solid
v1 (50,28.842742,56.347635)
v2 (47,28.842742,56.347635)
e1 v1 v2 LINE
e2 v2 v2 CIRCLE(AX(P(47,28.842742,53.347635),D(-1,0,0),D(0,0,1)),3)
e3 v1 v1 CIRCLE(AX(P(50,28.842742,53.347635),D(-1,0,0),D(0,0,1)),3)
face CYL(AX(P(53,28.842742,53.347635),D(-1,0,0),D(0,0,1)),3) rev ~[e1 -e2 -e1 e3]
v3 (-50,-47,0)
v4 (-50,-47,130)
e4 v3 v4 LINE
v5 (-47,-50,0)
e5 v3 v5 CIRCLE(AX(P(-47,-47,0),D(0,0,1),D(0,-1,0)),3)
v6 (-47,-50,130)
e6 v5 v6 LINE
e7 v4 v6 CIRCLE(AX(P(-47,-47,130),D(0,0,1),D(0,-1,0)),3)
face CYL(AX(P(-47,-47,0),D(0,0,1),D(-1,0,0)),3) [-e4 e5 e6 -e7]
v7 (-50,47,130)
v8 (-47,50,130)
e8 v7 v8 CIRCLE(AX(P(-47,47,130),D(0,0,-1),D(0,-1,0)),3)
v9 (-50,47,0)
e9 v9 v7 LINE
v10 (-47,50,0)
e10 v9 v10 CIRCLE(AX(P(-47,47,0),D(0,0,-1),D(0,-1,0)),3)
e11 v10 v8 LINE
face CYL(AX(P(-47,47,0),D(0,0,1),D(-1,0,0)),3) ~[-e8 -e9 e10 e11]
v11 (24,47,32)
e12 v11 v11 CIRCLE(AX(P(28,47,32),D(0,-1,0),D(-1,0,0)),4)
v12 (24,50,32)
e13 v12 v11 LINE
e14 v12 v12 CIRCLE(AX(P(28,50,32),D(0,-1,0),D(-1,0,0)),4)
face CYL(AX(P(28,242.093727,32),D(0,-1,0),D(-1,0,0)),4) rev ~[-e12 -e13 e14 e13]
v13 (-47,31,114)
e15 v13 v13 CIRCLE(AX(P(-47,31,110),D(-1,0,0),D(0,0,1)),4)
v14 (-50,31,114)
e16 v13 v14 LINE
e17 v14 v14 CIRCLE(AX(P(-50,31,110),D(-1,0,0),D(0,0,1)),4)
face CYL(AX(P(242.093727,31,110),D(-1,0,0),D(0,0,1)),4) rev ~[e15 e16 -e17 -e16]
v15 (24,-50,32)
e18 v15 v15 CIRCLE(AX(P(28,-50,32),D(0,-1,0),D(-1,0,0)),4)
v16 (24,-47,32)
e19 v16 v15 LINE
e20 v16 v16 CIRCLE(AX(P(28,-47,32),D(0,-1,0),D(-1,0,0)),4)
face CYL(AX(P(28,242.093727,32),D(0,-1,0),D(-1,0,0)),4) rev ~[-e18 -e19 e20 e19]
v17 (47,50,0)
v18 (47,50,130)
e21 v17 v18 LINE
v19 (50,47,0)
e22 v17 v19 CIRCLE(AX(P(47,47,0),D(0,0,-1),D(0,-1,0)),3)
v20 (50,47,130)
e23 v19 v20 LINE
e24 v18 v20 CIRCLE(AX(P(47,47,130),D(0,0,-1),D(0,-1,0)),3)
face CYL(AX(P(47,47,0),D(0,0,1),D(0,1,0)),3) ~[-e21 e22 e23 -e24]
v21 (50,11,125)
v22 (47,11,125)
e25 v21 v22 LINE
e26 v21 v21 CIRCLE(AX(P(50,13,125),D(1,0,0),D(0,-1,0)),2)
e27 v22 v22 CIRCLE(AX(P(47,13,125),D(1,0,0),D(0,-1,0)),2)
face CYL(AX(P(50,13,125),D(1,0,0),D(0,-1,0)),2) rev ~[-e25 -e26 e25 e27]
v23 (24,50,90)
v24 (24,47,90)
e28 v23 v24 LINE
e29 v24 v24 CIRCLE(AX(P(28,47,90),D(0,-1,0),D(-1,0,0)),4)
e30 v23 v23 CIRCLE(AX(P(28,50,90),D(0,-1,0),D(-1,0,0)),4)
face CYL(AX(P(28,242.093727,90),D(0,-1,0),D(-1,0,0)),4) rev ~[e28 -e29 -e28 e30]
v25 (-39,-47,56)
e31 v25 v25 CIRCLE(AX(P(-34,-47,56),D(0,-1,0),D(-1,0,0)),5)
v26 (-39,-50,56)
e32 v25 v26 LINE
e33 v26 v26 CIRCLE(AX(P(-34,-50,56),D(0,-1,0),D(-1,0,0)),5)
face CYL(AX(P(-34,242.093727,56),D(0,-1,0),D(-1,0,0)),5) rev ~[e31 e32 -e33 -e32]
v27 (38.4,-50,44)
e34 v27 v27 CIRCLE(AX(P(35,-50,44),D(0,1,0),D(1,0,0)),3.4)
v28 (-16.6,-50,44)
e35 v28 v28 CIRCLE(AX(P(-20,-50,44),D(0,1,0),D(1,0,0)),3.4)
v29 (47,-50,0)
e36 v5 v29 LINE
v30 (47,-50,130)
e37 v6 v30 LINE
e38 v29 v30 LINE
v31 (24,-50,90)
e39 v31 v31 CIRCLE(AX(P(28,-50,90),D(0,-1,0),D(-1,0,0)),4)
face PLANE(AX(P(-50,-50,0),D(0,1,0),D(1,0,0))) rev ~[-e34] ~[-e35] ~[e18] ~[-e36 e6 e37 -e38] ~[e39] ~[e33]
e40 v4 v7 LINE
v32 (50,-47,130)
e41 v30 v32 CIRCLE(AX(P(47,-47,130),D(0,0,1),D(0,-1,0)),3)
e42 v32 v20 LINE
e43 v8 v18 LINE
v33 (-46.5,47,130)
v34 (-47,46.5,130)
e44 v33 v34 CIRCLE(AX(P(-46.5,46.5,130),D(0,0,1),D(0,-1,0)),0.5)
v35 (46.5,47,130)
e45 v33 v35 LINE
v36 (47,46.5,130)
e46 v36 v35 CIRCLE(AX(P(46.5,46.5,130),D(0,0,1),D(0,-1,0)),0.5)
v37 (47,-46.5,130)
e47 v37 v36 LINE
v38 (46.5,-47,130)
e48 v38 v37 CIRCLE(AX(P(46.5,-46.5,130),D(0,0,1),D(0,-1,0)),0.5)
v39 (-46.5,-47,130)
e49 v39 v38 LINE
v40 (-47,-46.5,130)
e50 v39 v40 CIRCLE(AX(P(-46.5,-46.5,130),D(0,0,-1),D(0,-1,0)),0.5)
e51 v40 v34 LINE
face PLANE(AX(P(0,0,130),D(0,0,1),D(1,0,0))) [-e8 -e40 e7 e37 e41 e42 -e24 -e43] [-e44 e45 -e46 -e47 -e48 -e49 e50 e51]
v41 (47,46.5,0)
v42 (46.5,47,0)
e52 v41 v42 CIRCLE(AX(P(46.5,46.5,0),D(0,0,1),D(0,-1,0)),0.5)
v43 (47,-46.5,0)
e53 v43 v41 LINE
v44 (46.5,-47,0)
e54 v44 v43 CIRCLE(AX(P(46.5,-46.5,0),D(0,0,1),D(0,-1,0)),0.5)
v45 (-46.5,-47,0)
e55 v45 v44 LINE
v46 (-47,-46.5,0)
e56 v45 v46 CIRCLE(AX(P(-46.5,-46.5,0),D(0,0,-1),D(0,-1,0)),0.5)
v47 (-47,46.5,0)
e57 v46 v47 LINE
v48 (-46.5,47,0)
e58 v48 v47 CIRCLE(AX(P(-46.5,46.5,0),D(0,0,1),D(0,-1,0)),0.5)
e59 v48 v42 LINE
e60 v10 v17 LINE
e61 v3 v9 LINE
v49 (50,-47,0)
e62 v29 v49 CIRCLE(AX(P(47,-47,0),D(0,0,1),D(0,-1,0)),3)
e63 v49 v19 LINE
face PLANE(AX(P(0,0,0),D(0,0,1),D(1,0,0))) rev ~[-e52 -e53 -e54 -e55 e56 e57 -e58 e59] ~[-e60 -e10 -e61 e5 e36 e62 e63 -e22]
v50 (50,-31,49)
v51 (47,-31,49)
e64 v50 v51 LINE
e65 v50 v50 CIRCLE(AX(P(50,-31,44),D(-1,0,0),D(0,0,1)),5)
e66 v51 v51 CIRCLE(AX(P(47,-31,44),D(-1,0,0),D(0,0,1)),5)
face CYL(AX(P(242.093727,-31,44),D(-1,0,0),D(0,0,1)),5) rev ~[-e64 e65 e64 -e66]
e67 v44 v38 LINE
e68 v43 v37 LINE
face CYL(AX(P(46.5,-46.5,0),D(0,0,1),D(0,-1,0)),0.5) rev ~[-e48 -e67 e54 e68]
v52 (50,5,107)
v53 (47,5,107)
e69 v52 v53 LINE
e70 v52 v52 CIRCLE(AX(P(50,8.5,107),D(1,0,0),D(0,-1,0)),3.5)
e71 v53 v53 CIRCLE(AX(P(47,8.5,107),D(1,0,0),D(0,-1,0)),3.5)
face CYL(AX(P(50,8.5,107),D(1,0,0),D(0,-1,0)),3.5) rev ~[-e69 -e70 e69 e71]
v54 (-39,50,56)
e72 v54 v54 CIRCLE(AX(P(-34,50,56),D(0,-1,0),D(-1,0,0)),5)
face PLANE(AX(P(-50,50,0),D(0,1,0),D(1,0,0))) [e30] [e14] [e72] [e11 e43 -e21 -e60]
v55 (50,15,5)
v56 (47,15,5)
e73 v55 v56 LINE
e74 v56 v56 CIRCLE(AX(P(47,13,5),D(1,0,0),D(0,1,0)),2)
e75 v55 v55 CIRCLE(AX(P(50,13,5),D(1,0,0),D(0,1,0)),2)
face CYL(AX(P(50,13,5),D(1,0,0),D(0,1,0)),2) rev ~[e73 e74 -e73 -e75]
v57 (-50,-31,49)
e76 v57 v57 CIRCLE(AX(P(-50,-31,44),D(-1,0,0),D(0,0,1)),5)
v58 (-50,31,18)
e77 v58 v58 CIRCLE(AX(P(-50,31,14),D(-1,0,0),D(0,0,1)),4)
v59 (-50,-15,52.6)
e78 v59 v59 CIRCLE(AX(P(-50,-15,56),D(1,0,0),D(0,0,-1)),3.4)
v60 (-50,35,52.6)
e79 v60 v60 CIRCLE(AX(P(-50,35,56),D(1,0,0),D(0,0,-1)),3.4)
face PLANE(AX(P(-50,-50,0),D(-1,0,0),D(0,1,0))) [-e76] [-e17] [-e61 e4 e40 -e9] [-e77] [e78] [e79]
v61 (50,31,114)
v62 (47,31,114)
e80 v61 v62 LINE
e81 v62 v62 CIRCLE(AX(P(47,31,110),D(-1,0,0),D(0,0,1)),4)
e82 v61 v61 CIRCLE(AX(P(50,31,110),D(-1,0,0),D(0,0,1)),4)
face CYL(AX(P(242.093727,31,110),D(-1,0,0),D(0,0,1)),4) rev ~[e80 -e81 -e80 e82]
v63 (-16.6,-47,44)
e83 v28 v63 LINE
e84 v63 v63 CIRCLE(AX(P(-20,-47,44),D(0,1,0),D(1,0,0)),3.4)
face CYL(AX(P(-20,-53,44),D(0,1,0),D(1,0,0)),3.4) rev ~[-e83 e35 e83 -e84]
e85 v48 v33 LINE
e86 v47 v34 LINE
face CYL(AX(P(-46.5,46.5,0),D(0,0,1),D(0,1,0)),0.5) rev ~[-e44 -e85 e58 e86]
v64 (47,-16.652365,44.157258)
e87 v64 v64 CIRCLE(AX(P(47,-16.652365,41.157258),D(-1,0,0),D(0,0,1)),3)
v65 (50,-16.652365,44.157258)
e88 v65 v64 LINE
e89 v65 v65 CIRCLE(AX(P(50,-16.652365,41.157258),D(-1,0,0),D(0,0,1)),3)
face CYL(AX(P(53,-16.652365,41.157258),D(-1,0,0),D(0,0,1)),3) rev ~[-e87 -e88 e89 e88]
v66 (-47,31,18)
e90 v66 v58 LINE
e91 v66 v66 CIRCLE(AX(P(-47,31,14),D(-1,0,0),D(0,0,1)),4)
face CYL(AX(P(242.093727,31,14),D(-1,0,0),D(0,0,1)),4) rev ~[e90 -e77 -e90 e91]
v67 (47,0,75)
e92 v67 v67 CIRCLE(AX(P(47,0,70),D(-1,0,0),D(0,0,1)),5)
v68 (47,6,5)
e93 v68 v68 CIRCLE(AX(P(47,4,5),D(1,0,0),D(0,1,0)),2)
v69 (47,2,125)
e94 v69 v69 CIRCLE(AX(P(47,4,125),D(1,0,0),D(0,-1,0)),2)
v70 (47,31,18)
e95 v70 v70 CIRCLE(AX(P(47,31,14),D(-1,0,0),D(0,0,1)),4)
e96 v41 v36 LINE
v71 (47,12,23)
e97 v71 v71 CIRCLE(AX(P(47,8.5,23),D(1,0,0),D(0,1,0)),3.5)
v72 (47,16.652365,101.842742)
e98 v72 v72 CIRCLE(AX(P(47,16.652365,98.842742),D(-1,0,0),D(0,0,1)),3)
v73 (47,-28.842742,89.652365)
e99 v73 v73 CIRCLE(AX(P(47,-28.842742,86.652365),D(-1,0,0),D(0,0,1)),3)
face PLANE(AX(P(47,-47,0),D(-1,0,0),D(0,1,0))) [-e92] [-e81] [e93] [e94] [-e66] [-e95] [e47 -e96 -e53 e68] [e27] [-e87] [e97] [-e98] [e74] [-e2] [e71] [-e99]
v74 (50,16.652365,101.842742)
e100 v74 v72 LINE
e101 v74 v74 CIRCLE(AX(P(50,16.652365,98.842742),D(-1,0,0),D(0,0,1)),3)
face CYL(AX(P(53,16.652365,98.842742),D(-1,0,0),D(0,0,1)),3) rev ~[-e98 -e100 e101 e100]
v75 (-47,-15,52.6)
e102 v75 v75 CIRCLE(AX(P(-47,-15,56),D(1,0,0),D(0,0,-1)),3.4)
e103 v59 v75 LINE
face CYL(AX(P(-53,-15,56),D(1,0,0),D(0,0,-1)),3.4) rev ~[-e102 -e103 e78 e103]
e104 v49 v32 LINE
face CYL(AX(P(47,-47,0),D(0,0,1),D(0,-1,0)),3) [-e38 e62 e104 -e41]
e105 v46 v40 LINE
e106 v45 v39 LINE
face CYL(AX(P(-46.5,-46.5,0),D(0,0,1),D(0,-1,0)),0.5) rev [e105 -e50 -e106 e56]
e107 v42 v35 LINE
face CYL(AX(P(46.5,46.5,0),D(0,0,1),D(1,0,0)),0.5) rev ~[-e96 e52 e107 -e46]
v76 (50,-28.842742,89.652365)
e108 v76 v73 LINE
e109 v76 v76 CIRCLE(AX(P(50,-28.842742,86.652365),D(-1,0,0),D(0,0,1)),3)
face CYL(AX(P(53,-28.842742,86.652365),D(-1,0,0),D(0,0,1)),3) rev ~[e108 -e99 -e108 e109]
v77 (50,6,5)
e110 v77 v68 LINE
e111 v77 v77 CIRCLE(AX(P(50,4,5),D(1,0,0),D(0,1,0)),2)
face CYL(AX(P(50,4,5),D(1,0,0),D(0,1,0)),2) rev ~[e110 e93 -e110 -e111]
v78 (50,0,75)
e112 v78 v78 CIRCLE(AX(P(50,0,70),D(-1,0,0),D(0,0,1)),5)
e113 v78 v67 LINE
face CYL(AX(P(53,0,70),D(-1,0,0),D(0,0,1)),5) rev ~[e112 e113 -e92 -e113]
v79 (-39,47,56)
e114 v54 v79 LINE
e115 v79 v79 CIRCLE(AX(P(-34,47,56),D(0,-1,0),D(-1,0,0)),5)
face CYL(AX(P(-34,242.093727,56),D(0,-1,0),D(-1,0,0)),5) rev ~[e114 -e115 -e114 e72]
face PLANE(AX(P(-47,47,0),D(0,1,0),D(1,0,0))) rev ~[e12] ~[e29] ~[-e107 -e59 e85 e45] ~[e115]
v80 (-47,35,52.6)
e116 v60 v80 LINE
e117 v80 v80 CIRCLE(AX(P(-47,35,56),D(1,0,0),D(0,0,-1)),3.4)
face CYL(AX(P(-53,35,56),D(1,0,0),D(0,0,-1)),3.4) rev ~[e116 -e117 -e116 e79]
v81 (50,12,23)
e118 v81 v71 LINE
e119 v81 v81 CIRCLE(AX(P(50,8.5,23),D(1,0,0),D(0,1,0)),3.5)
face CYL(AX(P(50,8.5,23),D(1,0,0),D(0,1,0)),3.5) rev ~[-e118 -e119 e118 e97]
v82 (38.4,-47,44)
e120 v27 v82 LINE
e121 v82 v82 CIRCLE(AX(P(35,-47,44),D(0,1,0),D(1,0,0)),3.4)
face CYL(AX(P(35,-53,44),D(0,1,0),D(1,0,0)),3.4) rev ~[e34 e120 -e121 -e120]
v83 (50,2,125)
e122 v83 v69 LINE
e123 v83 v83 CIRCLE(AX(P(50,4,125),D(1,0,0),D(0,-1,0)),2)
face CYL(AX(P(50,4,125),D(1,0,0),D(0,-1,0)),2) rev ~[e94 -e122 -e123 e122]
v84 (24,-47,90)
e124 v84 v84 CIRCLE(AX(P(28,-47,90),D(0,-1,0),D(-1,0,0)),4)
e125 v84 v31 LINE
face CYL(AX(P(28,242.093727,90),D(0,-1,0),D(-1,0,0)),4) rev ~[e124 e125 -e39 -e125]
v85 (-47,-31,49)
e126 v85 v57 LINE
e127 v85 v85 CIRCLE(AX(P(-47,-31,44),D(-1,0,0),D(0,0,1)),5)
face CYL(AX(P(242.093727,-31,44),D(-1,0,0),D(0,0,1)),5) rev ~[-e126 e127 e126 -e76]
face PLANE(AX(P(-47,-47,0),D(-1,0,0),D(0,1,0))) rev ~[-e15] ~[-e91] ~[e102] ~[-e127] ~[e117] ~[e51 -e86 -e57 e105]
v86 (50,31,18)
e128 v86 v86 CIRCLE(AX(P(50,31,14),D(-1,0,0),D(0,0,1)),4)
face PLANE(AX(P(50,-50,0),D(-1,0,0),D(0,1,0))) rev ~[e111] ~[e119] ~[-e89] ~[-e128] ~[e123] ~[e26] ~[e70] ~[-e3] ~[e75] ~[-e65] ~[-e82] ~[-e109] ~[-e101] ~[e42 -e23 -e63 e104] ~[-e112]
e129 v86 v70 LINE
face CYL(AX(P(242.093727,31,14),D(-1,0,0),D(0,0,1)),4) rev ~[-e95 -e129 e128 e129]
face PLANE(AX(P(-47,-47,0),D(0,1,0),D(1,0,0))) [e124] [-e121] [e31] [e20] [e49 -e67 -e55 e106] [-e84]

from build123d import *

# Parameters (mm, degrees)
SKETCH1_W                      = 100
SKETCH1_H                      = 100
SKETCH1_W_2                    = 94
SKETCH1_H_2                    = 94
EXTRUDE_THIN1_DEPTH            = 130
FILLET1_R                      = 0.5
FILLET2_R                      = 3
F_8_0_8_DIAMETER_HOLE2_D       = 8
F_8_0_8_DIAMETER_HOLE3_D       = 8
F_10_0_10_DIAMETER_HOLE1_D     = 10
F_10_0_10_DIAMETER_HOLE2_D     = 10
M8X1_25_TAPPED_HOLE1_D         = 6.8
M8X1_25_TAPPED_HOLE1_DEPTH     = 3
M8X1_25_TAPPED_HOLE2_D         = 6.8
M8X1_25_TAPPED_HOLE2_DEPTH     = 3
F_10_0_10_DIAMETER_HOLE3_D     = 10
F_10_0_10_DIAMETER_HOLE3_DEPTH = 3
F_6_0_6_DIAMETER_HOLE1_D       = 6
F_6_0_6_DIAMETER_HOLE1_DEPTH   = 3
CUT_EXTRUDE1_REACH             = 173.464
SKETCH27_R                     = 2
SKETCH27_R_2                   = 3.5


with BuildPart() as part:
    # Sketch1 → Extrude-Thin1 (new body)
    with BuildSketch(Plane.XY):
        Rectangle(SKETCH1_W, SKETCH1_H)
        Rectangle(SKETCH1_W_2, SKETCH1_H_2, mode=Mode.SUBTRACT)
    extrude(amount=EXTRUDE_THIN1_DEPTH)

    # Fillet1
    fillet1_edges = [part.edges().sort_by_distance(p)[0] for p in [
        (47, -47, 65),
        (47, 47, 65),
        (-47, 47, 65),
        (-47, -47, 65),
    ]]
    fillet(fillet1_edges, radius=FILLET1_R)

    # Fillet2
    fillet2_edges = [part.edges().sort_by_distance(p)[0] for p in [
        (50, -50, 65),
        (-50, -50, 65),
        (-50, 50, 65),
        (50, 50, 65),
    ]]
    fillet(fillet2_edges, radius=FILLET2_R)

    # Ø8.0 (8) Diameter Hole2 (through all)
    with Locations(Plane(origin=(0, 50, 0), x_dir=(1, 0, 0), z_dir=(0, 1, 0))):
        with Locations((28, -32), (28, -90)):
            Hole(F_8_0_8_DIAMETER_HOLE2_D / 2)

    # Ø8.0 (8) Diameter Hole3 (through all)
    with Locations(Plane(origin=(50, 0, 0), x_dir=(0, 0, -1), z_dir=(1, 0, 0))):
        with Locations((-14, 31), (-110, 31)):
            Hole(F_8_0_8_DIAMETER_HOLE3_D / 2)

    # Ø10.0 (10) Diameter Hole1 (through all)
    with Locations(Plane(origin=(0, 50, 0), x_dir=(1, 0, 0), z_dir=(0, 1, 0))):
        with Locations((-34, -56)):
            Hole(F_10_0_10_DIAMETER_HOLE1_D / 2)

    # Ø10.0 (10) Diameter Hole2 (through all)
    with Locations(Plane(origin=(50, 0, 0), x_dir=(0, 0, -1), z_dir=(1, 0, 0))):
        with Locations((-44, -31)):
            Hole(F_10_0_10_DIAMETER_HOLE2_D / 2)

    # M8x1.25 Tapped Hole1
    with Locations(Plane.ZY.offset(50)):
        with Locations((56, -15), (56, 35)):
            Hole(M8X1_25_TAPPED_HOLE1_D / 2, depth=M8X1_25_TAPPED_HOLE1_DEPTH)

    # M8x1.25 Tapped Hole2
    with Locations(Plane(origin=(0, -50, 0), x_dir=(-1, 0, 0), z_dir=(0, -1, 0))):
        with Locations((20, -44), (-35, -44)):
            Hole(M8X1_25_TAPPED_HOLE2_D / 2, depth=M8X1_25_TAPPED_HOLE2_DEPTH)

    # Ø10.0 (10) Diameter Hole3
    with Locations(Plane(origin=(50, 0, 0), x_dir=(0, 0, -1), z_dir=(1, 0, 0))):
        with Locations((-70, 0)):
            Hole(F_10_0_10_DIAMETER_HOLE3_D / 2, depth=F_10_0_10_DIAMETER_HOLE3_DEPTH)

    # Ø6.0 (6) Diameter Hole1
    with Locations(Plane(origin=(50, 0, 0), x_dir=(0, 0, -1), z_dir=(1, 0, 0))):
        with Locations((-41.157258279, -16.652364697), (-53.347635303, 28.842741721), (-98.842741721, 16.652364697), (-86.652364697, -28.842741721)):
            Hole(F_6_0_6_DIAMETER_HOLE1_D / 2, depth=F_6_0_6_DIAMETER_HOLE1_DEPTH)

    # Sketch27 → Cut-Extrude1 (cut, up to next)
    with BuildSketch(Plane(origin=(50, 0, 0), x_dir=(0, 0, -1), z_dir=(1, 0, 0)), mode=Mode.PRIVATE) as cut_extrude1_sk1:
        with Locations(Location((-5, 13, 0), (0, 0, 90))):
            Circle(SKETCH27_R)
    cut_extrude1_tool1 = extrude(cut_extrude1_sk1.sketch, amount=-CUT_EXTRUDE1_REACH, mode=Mode.PRIVATE) & part.part
    # Sketch27 → Cut-Extrude1 (cut, up to next)
    with BuildSketch(Plane(origin=(50, 0, 0), x_dir=(0, 0, -1), z_dir=(1, 0, 0)), mode=Mode.PRIVATE) as cut_extrude1_sk2:
        with Locations(Location((-5, 4, 0), (0, 0, 90))):
            Circle(SKETCH27_R)
    cut_extrude1_tool2 = extrude(cut_extrude1_sk2.sketch, amount=-CUT_EXTRUDE1_REACH, mode=Mode.PRIVATE) & part.part
    # Sketch27 → Cut-Extrude1 (cut, up to next)
    with BuildSketch(Plane(origin=(50, 0, 0), x_dir=(0, 0, -1), z_dir=(1, 0, 0)), mode=Mode.PRIVATE) as cut_extrude1_sk3:
        with Locations(Location((-23, 8.5, 0), (0, 0, 90))):
            Circle(SKETCH27_R_2)
    cut_extrude1_tool3 = extrude(cut_extrude1_sk3.sketch, amount=-CUT_EXTRUDE1_REACH, mode=Mode.PRIVATE) & part.part
    # Sketch27 → Cut-Extrude1 (cut, up to next)
    with BuildSketch(Plane(origin=(50, 0, 0), x_dir=(0, 0, -1), z_dir=(1, 0, 0)), mode=Mode.PRIVATE) as cut_extrude1_sk4:
        with Locations(Location((-107, 8.5, 0), (0, 0, 270))):
            Circle(SKETCH27_R_2)
    cut_extrude1_tool4 = extrude(cut_extrude1_sk4.sketch, amount=-CUT_EXTRUDE1_REACH, mode=Mode.PRIVATE) & part.part
    # Sketch27 → Cut-Extrude1 (cut, up to next)
    with BuildSketch(Plane(origin=(50, 0, 0), x_dir=(0, 0, -1), z_dir=(1, 0, 0)), mode=Mode.PRIVATE) as cut_extrude1_sk5:
        with Locations(Location((-125, 4, 0), (0, 0, 270))):
            Circle(SKETCH27_R)
    cut_extrude1_tool5 = extrude(cut_extrude1_sk5.sketch, amount=-CUT_EXTRUDE1_REACH, mode=Mode.PRIVATE) & part.part
    # Sketch27 → Cut-Extrude1 (cut, up to next)
    with BuildSketch(Plane(origin=(50, 0, 0), x_dir=(0, 0, -1), z_dir=(1, 0, 0)), mode=Mode.PRIVATE) as cut_extrude1_sk6:
        with Locations(Location((-125, 13, 0), (0, 0, 270))):
            Circle(SKETCH27_R)
    cut_extrude1_tool6 = extrude(cut_extrude1_sk6.sketch, amount=-CUT_EXTRUDE1_REACH, mode=Mode.PRIVATE) & part.part
    add(cut_extrude1_tool1.solids().sort_by_distance((50, 13, 5))[0], mode=Mode.SUBTRACT)
    add(cut_extrude1_tool2.solids().sort_by_distance((50, 4, 5))[0], mode=Mode.SUBTRACT)
    add(cut_extrude1_tool3.solids().sort_by_distance((50, 8.5, 23))[0], mode=Mode.SUBTRACT)
    add(cut_extrude1_tool4.solids().sort_by_distance((50, 8.5, 107))[0], mode=Mode.SUBTRACT)
    add(cut_extrude1_tool5.solids().sort_by_distance((50, 4, 125))[0], mode=Mode.SUBTRACT)
    add(cut_extrude1_tool6.solids().sort_by_distance((50, 13, 125))[0], mode=Mode.SUBTRACT)


solid = part.part
